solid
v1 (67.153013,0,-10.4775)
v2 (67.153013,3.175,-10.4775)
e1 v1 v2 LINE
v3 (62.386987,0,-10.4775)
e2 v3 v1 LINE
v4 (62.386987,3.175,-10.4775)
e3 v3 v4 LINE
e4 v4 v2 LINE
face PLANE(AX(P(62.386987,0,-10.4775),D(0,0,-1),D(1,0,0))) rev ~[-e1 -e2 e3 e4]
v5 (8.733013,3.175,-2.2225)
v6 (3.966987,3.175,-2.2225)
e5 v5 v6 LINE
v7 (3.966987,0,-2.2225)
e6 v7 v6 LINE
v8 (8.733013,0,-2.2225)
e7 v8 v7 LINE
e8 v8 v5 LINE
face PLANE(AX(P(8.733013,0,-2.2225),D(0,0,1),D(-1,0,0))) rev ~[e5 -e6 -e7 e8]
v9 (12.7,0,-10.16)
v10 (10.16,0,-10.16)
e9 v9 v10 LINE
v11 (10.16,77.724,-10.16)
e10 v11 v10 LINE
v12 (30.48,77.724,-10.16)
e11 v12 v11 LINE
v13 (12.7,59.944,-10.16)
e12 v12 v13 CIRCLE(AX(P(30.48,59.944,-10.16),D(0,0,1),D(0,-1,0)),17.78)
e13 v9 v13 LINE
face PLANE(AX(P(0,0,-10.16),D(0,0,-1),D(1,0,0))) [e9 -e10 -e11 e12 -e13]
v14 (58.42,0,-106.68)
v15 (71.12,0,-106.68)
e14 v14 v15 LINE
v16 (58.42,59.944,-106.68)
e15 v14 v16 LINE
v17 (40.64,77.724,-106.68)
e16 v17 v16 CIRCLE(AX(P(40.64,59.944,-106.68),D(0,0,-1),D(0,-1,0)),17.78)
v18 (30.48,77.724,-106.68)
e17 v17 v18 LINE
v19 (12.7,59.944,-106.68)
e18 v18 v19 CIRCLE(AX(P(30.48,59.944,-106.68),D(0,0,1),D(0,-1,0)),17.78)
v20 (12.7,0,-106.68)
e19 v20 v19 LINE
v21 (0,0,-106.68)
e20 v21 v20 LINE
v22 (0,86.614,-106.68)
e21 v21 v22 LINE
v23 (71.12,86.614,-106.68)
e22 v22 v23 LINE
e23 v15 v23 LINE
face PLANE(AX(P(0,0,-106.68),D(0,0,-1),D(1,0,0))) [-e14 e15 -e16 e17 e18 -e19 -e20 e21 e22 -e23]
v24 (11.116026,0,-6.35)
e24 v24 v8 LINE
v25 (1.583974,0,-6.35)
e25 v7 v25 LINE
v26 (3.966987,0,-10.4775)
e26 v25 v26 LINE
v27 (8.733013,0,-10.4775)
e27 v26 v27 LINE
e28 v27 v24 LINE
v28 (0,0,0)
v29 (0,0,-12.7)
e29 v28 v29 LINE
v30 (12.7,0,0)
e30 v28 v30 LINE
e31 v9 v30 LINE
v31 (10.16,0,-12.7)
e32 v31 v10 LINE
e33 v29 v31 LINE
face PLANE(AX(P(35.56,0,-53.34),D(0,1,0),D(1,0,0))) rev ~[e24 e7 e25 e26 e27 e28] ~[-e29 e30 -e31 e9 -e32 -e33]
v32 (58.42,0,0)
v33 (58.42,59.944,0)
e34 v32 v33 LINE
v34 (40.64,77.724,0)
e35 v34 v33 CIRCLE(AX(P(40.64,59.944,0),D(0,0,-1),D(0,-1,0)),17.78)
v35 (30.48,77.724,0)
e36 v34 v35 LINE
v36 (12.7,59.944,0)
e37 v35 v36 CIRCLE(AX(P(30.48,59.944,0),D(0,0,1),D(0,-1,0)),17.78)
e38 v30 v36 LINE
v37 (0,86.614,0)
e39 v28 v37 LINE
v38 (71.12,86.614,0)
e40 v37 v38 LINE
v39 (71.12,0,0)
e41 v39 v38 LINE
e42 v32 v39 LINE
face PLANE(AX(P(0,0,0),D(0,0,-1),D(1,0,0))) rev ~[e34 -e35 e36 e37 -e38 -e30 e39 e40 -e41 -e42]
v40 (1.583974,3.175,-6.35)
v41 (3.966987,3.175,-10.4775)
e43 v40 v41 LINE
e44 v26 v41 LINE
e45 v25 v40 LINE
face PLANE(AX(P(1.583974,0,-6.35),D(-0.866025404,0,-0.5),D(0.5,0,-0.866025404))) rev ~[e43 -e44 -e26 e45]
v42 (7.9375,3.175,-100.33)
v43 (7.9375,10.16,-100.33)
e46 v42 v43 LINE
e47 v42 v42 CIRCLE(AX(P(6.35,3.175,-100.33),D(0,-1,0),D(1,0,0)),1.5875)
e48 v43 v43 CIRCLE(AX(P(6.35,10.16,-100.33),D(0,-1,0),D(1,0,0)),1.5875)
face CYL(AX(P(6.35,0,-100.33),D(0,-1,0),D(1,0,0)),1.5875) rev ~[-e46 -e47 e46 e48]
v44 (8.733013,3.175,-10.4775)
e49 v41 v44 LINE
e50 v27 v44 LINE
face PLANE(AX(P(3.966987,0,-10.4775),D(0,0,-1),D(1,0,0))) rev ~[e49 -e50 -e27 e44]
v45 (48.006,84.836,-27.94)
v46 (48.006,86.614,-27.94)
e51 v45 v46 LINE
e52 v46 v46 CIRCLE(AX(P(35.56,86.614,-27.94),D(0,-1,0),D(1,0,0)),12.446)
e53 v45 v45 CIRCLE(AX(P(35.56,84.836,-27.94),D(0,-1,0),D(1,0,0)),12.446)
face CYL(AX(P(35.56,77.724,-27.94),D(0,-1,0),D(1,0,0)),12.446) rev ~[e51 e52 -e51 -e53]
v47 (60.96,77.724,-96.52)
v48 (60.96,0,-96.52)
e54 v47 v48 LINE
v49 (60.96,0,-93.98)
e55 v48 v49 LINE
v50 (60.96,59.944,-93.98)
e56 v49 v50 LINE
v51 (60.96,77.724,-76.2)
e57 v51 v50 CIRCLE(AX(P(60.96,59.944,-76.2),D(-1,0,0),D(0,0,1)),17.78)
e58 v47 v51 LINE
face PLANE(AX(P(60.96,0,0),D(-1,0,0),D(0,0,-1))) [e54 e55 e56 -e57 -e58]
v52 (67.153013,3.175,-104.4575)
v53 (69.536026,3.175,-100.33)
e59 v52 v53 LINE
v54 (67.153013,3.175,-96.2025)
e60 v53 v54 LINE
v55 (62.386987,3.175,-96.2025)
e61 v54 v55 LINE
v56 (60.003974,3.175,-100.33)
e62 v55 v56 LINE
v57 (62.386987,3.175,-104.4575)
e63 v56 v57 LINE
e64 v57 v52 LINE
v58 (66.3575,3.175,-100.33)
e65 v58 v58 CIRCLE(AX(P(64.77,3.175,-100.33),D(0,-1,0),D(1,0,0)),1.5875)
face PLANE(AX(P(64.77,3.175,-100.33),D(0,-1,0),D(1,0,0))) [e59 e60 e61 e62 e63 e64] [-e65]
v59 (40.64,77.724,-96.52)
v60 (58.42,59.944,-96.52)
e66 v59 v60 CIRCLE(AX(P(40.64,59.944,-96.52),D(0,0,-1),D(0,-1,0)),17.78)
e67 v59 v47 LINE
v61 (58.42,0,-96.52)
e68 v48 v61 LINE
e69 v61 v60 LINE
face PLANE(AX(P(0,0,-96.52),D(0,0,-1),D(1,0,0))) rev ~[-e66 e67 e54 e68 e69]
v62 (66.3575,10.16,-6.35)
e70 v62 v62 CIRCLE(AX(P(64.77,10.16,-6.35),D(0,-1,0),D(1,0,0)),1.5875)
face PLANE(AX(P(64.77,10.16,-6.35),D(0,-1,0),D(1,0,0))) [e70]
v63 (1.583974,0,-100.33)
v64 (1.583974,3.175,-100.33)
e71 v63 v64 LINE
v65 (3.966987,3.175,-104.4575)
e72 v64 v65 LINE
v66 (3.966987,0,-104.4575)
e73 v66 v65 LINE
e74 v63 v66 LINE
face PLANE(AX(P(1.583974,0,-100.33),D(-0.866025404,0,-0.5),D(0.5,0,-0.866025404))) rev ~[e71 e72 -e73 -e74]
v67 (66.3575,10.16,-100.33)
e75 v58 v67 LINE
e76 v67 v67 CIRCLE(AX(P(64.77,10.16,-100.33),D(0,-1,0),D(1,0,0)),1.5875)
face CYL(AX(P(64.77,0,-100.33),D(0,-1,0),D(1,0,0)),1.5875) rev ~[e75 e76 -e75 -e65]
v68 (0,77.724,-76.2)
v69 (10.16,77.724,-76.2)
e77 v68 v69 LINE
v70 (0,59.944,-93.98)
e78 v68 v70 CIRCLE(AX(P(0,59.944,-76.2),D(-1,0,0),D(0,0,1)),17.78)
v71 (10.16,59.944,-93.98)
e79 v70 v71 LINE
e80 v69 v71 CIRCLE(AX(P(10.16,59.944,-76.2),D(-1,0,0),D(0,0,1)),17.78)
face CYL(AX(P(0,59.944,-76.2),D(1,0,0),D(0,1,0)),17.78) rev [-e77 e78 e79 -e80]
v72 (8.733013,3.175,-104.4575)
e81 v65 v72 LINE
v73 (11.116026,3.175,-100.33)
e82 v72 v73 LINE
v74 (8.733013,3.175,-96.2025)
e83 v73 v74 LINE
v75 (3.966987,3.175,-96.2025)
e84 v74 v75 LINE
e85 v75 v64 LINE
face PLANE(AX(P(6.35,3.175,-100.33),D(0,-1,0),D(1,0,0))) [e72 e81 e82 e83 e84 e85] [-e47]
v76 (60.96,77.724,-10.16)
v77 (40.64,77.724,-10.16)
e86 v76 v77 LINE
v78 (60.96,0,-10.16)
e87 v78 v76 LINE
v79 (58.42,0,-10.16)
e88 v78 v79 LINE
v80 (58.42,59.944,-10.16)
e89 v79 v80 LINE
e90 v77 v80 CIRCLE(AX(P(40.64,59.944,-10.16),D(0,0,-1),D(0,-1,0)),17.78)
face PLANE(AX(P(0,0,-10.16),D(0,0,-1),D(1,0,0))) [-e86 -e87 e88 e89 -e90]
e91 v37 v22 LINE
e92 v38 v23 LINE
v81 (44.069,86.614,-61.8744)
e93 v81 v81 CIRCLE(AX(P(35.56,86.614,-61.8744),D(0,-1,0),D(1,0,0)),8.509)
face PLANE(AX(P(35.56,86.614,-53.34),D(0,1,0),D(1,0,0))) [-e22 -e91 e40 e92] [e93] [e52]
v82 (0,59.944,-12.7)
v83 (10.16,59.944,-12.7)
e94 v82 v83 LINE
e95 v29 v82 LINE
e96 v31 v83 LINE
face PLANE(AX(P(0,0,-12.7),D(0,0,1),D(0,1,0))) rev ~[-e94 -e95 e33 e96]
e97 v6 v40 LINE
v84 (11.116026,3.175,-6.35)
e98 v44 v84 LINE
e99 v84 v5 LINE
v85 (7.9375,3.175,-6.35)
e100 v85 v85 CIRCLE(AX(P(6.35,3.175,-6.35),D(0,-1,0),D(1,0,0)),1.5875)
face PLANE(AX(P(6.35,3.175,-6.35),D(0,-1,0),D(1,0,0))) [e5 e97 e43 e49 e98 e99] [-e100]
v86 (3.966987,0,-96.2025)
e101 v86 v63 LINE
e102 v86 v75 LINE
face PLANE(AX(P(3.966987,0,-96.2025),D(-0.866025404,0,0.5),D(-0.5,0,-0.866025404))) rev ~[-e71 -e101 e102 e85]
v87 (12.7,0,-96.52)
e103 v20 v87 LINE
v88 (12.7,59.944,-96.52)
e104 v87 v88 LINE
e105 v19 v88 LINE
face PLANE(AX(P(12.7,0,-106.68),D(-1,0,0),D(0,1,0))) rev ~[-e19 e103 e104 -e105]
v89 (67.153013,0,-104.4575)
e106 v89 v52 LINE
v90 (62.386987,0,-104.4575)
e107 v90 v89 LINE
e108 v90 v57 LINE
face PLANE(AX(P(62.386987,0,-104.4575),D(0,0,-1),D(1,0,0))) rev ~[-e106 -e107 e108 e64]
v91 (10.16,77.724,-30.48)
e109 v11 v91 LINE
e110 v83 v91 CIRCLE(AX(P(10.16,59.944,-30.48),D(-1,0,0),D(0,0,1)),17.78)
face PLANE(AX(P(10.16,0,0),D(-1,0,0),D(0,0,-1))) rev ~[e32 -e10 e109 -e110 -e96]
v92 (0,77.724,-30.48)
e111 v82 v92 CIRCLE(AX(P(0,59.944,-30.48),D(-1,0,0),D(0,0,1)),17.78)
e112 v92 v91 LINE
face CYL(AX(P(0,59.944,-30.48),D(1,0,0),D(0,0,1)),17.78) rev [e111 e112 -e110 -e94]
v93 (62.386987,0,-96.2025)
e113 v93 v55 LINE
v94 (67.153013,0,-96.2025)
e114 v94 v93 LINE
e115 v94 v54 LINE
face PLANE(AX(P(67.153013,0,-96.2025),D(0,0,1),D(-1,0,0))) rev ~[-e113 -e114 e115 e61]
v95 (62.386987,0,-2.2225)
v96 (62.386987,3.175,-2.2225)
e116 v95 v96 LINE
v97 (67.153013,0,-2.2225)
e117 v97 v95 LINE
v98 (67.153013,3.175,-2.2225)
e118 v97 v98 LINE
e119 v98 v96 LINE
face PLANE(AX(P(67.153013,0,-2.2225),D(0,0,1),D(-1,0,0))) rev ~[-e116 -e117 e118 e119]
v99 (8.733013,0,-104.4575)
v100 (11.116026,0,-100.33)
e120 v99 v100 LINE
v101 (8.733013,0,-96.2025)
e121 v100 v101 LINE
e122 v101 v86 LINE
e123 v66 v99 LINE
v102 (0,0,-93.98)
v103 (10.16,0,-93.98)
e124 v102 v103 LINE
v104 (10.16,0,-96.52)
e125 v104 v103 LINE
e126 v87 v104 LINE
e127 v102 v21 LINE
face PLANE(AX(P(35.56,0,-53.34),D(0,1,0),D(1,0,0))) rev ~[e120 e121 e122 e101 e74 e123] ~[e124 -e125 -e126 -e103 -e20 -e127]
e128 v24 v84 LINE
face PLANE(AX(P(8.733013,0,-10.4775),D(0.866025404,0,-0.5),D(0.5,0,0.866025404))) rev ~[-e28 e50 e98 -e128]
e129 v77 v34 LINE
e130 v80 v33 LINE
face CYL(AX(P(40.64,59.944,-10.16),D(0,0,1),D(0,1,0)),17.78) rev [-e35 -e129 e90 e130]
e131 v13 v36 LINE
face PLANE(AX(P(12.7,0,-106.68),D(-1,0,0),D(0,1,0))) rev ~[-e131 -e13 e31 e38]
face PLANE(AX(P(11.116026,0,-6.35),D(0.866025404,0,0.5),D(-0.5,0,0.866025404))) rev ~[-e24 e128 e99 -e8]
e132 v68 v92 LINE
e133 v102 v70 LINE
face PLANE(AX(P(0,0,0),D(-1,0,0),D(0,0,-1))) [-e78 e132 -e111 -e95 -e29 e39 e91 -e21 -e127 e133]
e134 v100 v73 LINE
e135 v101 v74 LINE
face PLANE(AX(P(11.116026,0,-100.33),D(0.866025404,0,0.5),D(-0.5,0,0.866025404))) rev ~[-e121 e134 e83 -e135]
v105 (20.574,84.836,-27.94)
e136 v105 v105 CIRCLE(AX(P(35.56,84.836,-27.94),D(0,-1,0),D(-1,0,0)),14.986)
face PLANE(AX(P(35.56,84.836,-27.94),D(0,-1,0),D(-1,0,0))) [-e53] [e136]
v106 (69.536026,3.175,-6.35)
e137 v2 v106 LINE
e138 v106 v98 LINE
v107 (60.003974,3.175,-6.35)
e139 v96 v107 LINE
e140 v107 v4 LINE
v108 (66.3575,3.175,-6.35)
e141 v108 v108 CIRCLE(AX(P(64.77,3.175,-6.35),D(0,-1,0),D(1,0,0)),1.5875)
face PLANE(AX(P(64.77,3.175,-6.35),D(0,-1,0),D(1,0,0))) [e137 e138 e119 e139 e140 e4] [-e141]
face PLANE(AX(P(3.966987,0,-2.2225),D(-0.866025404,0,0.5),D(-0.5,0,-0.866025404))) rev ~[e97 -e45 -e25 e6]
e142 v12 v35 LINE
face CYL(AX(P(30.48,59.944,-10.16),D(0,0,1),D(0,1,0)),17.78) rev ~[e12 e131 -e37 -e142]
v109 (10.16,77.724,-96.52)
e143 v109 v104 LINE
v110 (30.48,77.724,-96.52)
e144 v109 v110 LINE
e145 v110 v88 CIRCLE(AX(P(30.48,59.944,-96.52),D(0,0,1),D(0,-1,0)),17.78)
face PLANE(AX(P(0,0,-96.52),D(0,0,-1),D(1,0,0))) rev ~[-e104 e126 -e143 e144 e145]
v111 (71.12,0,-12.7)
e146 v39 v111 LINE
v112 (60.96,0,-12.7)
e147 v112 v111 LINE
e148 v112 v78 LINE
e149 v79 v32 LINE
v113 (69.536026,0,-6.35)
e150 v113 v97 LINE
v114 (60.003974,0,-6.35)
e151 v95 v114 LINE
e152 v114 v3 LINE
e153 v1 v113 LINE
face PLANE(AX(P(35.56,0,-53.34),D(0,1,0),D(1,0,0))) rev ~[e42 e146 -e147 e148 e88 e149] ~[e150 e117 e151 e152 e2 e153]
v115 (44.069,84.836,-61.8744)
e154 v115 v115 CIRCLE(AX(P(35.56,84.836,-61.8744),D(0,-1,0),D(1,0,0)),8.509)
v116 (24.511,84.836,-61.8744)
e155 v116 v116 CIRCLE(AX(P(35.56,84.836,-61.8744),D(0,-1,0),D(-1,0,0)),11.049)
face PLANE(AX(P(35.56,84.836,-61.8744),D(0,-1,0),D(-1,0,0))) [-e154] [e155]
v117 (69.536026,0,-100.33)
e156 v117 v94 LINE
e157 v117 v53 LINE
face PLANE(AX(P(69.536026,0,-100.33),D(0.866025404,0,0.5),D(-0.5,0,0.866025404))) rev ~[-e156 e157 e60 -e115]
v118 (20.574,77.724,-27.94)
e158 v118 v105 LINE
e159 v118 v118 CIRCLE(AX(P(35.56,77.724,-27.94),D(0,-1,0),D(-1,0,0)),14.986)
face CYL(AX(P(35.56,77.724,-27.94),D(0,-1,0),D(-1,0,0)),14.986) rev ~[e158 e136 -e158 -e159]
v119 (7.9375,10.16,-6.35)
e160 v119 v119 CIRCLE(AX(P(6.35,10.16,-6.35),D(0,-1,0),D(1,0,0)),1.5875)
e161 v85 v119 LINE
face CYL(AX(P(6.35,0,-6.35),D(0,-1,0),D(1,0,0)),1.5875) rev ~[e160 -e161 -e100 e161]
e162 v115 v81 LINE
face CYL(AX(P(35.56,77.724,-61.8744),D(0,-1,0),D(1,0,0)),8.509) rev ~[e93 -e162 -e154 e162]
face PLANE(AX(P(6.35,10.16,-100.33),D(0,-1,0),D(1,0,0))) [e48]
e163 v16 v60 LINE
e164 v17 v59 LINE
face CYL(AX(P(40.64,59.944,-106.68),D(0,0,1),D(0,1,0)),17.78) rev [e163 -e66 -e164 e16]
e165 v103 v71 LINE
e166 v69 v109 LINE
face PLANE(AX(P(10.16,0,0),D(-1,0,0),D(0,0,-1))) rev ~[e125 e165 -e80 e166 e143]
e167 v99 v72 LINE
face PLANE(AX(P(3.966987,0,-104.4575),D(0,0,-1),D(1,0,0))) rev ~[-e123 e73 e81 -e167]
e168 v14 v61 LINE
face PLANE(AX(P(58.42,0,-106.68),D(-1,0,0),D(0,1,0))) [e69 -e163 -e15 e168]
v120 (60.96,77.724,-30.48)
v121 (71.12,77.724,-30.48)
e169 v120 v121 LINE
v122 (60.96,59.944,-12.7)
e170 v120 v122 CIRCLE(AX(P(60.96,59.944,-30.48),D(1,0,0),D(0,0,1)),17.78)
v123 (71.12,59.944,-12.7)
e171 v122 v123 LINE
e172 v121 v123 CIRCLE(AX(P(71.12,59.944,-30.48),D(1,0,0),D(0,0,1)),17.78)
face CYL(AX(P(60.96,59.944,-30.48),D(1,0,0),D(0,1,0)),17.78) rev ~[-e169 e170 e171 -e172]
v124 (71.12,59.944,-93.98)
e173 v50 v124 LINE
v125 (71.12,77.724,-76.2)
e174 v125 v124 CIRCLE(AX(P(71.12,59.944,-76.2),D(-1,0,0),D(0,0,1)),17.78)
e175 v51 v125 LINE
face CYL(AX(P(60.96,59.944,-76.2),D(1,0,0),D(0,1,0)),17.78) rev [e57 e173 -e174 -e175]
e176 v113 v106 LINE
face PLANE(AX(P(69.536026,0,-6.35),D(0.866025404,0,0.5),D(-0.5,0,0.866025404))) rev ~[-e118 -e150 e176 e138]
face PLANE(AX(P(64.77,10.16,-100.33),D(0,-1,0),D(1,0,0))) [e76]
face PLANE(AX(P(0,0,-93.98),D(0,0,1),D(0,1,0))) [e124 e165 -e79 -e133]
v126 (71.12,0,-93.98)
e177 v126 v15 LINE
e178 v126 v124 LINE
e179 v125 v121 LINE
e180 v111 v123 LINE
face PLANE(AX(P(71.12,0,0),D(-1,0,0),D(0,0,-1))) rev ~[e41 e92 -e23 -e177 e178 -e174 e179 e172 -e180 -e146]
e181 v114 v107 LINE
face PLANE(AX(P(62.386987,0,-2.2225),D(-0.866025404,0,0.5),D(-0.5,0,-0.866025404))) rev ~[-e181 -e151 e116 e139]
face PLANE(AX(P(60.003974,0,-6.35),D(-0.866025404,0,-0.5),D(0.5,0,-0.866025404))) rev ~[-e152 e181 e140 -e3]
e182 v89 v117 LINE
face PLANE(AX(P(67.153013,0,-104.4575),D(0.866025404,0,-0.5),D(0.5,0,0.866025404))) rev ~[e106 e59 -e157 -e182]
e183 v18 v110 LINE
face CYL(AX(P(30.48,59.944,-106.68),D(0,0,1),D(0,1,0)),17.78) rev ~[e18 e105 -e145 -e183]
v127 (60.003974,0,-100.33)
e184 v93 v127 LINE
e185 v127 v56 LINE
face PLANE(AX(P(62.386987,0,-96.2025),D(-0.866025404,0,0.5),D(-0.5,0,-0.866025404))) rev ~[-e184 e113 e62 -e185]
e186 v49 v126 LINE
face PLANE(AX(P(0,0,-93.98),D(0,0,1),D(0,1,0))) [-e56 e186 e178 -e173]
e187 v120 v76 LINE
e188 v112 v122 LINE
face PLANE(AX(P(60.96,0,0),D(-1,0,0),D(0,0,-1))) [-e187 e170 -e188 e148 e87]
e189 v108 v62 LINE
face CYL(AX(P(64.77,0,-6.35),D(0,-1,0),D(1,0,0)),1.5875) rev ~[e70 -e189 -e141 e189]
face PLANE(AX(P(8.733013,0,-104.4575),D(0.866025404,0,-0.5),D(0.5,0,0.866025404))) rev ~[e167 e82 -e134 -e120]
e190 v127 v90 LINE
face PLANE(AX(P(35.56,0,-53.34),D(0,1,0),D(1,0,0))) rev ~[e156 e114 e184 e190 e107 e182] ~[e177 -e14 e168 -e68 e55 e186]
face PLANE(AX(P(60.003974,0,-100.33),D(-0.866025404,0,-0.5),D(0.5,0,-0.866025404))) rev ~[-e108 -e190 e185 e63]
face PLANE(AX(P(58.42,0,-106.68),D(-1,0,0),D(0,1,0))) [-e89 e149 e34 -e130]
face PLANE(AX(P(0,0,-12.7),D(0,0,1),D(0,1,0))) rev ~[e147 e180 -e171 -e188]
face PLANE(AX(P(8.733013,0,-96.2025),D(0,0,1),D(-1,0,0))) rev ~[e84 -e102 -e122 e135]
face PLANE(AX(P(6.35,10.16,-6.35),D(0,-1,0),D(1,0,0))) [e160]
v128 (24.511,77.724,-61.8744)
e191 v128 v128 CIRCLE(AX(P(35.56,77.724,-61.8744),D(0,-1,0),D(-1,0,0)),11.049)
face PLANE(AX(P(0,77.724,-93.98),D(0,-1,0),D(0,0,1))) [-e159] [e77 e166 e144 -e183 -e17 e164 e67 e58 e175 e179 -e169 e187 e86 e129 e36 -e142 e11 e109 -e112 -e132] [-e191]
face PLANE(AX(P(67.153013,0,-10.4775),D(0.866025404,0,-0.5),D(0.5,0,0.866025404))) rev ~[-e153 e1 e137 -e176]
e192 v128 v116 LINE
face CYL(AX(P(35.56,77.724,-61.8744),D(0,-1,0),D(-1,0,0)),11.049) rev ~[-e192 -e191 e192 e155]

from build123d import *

# Parameters (mm, degrees)
SKETCH1_W               = 71.12
SKETCH1_H               = 106.68
BOSS_EXTRUDE1_DEPTH     = 87.884
SHELL1_T                = -10.16
SKETCH3_R               = 1.5875
CUT_EXTRUDE1_DEPTH      = 10.16
SKETCH4_W               = 81.28
SKETCH4_H               = 77.724
CUT_EXTRUDE2_DEPTH      = 72.12
CUT_EXTRUDE3_DEPTH      = 3.175
SKETCH7_W               = 45.72
SKETCH7_H               = 77.724
CUT_EXTRUDE4_DEPTH      = 1
CUT_EXTRUDE4_DEPTH_BACK = 107.68
SKETCH9_W               = 71.12
SKETCH9_H               = 106.68
CUT_EXTRUDE6_DEPTH      = 1.27
SKETCH10_R              = 14.986
SKETCH10_R_2            = 11.049
CUT_EXTRUDE7_DEPTH      = 7.112
SKETCH11_R              = 12.446
SKETCH11_R_2            = 8.509
CUT_EXTRUDE9_DEPTH      = 9.89
FILLET1_R               = 17.78


with BuildPart() as part:
    # Sketch1 → Boss-Extrude1 (new body)
    with BuildSketch(Plane(origin=(0, 0, 0), x_dir=(1, 0, 0), z_dir=(0, 1, 0))):
        with Locations((35.56, 53.34)):
            Rectangle(SKETCH1_W, SKETCH1_H)
    extrude(amount=BOSS_EXTRUDE1_DEPTH)

    # Shell1
    shell1_openings = [part.faces().sort_by_distance(p)[0] for p in [
        (35.56, 0, -53.34),
    ]]
    offset(amount=SHELL1_T, openings=shell1_openings, kind=Kind.INTERSECTION)

    # Sketch3 → Cut-Extrude1 (cut)
    with BuildSketch(Plane.XZ):
        with Locations((6.35, -6.35)):
            Circle(SKETCH3_R)
        with Locations((64.77, -6.35)):
            Circle(SKETCH3_R)
        with Locations((64.77, -100.33)):
            Circle(SKETCH3_R)
        with Locations((6.35, -100.33)):
            Circle(SKETCH3_R)
    extrude(amount=-CUT_EXTRUDE1_DEPTH, mode=Mode.SUBTRACT)

    # Sketch4 → Cut-Extrude2 (cut, through all)
    with BuildSketch(Plane.ZY):
        with Locations((-53.34, 38.862)):
            Rectangle(SKETCH4_W, SKETCH4_H)
    extrude(amount=-CUT_EXTRUDE2_DEPTH, mode=Mode.SUBTRACT)

    # Sketch6 → Cut-Extrude3 (cut)
    with BuildSketch(Plane.XZ):
        Polygon((69.536026472, -6.35), (67.153013236, -2.2225), (62.386986764, -2.2225), (60.003973528, -6.35), (62.386986764, -10.4775), (67.153013236, -10.4775), align=None)
        Polygon((11.116026472, -6.35), (8.733013236, -2.2225), (3.966986764, -2.2225), (1.583973528, -6.35), (3.966986764, -10.4775), (8.733013236, -10.4775), align=None)
        Polygon((69.536026472, -100.33), (67.153013236, -96.2025), (62.386986764, -96.2025), (60.003973528, -100.33), (62.386986764, -104.4575), (67.153013236, -104.4575), align=None)
        Polygon((11.116026472, -100.33), (8.733013236, -96.2025), (3.966986764, -96.2025), (1.583973528, -100.33), (3.966986764, -104.4575), (8.733013236, -104.4575), align=None)
    extrude(amount=-CUT_EXTRUDE3_DEPTH, mode=Mode.SUBTRACT)

    # Sketch7 → Cut-Extrude4 (cut, two sides)
    with BuildSketch(Plane(origin=(0, 0, -106.68), x_dir=(-1, 0, 0), z_dir=(0, 0, -1))) as cut_extrude4_sk:
        with Locations((-35.56, 38.862)):
            Rectangle(SKETCH7_W, SKETCH7_H)
    extrude(amount=CUT_EXTRUDE4_DEPTH, mode=Mode.SUBTRACT)
    extrude(cut_extrude4_sk.sketch, amount=-CUT_EXTRUDE4_DEPTH_BACK, mode=Mode.SUBTRACT)

    # Sketch9 → Cut-Extrude6 (cut)
    with BuildSketch(Plane(origin=(0, 87.884, 0), x_dir=(1, 0, 0), z_dir=(0, 1, 0))):
        with Locations((35.56, 53.34)):
            Rectangle(SKETCH9_W, SKETCH9_H)
    extrude(amount=-CUT_EXTRUDE6_DEPTH, mode=Mode.SUBTRACT)

    # Sketch10 → Cut-Extrude7 (cut)
    with BuildSketch(Plane(origin=(0, 77.724, 0), x_dir=(-1, 0, 0), z_dir=(0, -1, 0))):
        with Locations((-35.56, 27.94)):
            Circle(SKETCH10_R)
        with Locations((-35.56, 61.8744)):
            Circle(SKETCH10_R_2)
    extrude(amount=-CUT_EXTRUDE7_DEPTH, mode=Mode.SUBTRACT)

    # Sketch11 → Cut-Extrude9 (cut, through all)
    with BuildSketch(Plane.XZ.offset(-77.724)):
        with Locations((35.56, -27.94)):
            Circle(SKETCH11_R)
        with Locations((35.56, -61.8744)):
            Circle(SKETCH11_R_2)
    extrude(amount=-CUT_EXTRUDE9_DEPTH, mode=Mode.SUBTRACT)

    # Fillet1
    fillet1_edges = [part.edges().sort_by_distance(p)[0] for p in [
        (58.42, 77.724, -101.6),
        (58.42, 77.724, -5.08),
        (12.7, 77.724, -101.6),
        (12.7, 77.724, -5.08),
        (5.08, 77.724, -93.98),
        (5.08, 77.724, -12.7),
        (66.04, 77.724, -93.98),
        (66.04, 77.724, -12.7),
    ]]
    fillet(fillet1_edges, radius=FILLET1_R)


solid = part.part
